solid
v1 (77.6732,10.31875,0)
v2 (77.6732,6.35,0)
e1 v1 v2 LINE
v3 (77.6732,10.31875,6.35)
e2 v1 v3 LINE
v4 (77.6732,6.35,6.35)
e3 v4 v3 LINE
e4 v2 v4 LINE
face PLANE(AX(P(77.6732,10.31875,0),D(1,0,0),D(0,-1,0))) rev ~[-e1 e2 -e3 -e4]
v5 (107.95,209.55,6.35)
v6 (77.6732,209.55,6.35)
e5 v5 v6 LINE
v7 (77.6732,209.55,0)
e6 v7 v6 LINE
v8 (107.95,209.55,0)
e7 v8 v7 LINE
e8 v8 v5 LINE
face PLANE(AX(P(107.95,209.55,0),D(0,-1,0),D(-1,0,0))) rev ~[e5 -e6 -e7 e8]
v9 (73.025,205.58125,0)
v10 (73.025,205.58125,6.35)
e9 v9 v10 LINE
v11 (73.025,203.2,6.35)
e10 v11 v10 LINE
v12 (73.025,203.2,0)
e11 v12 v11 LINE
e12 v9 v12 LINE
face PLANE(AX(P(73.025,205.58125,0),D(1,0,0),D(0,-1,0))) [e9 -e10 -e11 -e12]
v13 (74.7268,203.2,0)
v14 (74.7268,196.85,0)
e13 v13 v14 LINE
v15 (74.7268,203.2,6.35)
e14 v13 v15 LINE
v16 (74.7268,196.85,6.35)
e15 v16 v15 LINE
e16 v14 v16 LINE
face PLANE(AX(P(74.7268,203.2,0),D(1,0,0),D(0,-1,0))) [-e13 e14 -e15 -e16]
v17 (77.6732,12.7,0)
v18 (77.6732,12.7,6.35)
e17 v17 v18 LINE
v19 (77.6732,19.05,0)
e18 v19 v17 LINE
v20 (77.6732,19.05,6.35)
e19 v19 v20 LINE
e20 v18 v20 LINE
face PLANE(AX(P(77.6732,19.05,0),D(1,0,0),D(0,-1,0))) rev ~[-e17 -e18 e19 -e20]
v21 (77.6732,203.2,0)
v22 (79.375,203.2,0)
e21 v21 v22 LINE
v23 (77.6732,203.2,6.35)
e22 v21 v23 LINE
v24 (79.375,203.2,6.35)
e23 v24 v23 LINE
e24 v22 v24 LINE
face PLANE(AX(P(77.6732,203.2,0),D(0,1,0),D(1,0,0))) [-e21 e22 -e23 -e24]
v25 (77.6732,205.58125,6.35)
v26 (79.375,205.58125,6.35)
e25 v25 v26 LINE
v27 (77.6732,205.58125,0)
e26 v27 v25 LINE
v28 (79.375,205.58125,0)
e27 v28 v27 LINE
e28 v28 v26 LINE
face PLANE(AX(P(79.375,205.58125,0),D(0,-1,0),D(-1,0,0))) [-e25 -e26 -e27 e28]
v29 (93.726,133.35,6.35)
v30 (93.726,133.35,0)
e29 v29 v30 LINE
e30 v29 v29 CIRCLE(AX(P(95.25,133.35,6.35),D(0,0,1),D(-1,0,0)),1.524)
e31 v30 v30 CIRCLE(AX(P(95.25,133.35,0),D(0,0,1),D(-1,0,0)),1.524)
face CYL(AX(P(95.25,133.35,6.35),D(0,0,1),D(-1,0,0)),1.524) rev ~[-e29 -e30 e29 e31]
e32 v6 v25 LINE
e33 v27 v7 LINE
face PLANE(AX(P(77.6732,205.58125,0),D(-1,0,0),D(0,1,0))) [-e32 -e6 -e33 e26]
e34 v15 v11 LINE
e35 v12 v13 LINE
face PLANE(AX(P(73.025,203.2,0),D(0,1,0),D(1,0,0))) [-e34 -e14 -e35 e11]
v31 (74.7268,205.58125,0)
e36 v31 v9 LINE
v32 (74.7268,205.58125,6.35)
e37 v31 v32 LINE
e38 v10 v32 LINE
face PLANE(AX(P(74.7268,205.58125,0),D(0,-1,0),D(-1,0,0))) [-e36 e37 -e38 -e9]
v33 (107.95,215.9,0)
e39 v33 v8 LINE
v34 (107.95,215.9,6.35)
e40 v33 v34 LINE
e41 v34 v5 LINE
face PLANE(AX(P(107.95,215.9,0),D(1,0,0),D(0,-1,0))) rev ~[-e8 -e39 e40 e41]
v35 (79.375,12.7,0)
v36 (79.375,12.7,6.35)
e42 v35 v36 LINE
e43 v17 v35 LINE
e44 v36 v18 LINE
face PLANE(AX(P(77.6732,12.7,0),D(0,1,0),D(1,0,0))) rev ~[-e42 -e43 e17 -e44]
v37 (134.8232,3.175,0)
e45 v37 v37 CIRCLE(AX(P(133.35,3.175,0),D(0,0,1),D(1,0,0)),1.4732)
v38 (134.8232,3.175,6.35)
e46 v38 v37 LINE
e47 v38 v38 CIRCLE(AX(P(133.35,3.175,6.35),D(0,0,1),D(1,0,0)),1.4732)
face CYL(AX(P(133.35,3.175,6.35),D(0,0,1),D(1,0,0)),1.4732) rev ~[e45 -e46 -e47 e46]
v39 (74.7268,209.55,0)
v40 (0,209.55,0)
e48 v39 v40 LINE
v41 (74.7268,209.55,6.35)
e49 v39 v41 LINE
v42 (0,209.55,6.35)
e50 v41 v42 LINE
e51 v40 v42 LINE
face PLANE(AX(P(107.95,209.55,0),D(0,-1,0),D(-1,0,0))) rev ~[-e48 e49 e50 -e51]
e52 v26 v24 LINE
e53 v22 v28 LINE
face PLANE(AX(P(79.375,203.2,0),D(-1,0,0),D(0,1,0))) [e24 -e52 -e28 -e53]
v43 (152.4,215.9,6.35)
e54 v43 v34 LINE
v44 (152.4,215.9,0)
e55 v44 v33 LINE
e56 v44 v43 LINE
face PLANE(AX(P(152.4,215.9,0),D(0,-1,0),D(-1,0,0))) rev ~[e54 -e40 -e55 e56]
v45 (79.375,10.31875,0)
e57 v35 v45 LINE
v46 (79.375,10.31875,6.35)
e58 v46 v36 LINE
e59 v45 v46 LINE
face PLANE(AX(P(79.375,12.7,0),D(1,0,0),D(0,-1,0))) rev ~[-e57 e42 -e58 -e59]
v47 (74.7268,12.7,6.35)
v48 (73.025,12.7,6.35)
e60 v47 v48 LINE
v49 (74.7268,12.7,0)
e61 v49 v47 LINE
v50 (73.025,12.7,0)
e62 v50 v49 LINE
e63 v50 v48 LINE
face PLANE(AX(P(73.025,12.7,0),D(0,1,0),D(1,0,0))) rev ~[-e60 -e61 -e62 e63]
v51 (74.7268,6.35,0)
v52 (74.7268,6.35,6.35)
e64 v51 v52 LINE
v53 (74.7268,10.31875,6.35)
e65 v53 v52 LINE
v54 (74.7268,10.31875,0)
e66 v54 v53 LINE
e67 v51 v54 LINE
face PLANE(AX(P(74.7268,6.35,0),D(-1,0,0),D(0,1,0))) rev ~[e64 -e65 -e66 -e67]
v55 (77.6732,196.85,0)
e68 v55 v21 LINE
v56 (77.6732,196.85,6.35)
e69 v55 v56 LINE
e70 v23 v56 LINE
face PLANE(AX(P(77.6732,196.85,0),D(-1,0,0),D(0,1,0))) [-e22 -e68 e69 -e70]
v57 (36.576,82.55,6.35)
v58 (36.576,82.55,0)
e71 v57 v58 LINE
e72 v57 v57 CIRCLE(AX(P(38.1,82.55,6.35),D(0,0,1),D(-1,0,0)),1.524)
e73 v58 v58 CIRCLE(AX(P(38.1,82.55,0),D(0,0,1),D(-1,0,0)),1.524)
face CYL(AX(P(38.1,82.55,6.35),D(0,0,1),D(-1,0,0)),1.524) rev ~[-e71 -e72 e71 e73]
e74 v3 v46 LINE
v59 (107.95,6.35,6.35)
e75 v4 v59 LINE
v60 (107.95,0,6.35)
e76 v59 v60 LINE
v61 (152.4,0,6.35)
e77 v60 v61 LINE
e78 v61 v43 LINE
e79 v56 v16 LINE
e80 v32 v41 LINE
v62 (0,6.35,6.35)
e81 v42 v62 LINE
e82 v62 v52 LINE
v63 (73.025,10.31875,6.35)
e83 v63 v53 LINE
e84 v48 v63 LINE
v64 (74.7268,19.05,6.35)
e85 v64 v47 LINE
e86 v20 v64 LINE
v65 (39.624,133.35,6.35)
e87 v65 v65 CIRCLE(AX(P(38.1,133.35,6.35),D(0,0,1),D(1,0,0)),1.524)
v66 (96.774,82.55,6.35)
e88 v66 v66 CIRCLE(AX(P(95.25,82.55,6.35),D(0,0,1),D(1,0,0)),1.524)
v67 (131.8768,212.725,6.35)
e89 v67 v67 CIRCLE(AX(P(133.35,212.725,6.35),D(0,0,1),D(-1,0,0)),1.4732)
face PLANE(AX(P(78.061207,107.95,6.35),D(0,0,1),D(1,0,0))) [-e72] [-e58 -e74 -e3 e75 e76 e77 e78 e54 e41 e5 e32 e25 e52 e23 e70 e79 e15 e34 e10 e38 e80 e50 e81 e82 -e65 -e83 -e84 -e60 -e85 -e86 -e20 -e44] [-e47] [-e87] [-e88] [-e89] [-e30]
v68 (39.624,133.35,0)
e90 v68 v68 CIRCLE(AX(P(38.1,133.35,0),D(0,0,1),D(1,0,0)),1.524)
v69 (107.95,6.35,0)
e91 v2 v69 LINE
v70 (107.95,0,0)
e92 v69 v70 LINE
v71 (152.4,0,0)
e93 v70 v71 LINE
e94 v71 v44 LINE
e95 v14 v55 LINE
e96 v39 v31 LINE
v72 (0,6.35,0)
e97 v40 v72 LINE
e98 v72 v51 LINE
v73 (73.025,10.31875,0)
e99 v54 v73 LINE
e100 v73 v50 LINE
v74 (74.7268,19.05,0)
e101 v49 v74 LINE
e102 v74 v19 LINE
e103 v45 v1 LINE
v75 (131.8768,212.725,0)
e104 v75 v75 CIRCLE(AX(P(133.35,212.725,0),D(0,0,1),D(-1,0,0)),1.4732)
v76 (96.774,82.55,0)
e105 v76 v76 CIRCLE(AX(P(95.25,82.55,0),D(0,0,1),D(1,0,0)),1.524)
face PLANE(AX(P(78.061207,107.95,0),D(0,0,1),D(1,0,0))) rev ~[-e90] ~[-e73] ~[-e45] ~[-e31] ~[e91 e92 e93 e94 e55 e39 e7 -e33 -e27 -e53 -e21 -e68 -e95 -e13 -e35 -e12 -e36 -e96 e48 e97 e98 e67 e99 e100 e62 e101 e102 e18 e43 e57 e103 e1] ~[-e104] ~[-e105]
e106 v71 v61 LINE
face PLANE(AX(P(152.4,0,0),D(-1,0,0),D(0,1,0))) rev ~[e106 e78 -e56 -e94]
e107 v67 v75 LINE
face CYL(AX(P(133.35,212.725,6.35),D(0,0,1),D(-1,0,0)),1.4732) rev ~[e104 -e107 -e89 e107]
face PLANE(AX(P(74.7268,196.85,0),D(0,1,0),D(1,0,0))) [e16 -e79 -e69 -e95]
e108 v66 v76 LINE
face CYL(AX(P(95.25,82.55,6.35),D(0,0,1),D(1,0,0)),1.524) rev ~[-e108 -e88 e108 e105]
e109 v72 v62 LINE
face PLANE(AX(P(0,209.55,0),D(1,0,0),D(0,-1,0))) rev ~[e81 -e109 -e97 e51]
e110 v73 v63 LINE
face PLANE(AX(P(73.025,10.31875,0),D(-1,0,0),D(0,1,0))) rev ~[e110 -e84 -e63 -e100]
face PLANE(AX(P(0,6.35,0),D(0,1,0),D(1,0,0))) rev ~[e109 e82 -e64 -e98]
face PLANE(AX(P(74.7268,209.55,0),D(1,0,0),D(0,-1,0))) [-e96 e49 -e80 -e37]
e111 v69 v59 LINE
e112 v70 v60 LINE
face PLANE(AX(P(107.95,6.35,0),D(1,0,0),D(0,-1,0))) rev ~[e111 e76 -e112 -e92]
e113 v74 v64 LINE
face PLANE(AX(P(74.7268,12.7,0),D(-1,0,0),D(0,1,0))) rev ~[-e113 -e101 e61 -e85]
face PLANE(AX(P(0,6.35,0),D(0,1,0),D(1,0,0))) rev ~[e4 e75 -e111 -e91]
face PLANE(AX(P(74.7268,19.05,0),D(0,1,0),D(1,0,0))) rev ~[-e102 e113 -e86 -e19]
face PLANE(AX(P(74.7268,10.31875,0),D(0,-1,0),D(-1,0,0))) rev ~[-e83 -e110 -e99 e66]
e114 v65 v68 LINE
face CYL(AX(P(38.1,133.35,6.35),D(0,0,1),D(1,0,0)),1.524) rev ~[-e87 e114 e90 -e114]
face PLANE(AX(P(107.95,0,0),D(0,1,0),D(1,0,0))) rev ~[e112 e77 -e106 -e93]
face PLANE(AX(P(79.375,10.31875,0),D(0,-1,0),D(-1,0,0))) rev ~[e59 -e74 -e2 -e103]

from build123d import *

# Parameters (mm, degrees)
BOSS_EXTRUDE1_DEPTH = 6.35
SKETCH2_R           = 1.4732
CUT_EXTRUDE1_DEPTH  = 265.346160366
SKETCH4_R           = 1.524
CUT_EXTRUDE2_DEPTH  = 265.346160366
SKETCH5_R           = 1.524
CUT_EXTRUDE3_DEPTH  = 265.346160366
CUT_EXTRUDE10_DEPTH = 265.346160366


with BuildPart() as part:
    # Sketch1 → Boss-Extrude1 (new body)
    with BuildSketch(Plane.XY):
        Polygon((107.95, 215.9), (107.95, 209.55), (0, 209.55), (0, 6.35), (107.95, 6.35), (107.95, 0), (152.4, 0), (152.4, 215.9), align=None)
    extrude(amount=BOSS_EXTRUDE1_DEPTH)

    # Sketch2 → Cut-Extrude1 (cut, through all)
    with BuildSketch(Plane.XY.offset(6.35)):
        with Locations(Location((133.35, 212.725, 0), (0, 0, 180))):
            Circle(SKETCH2_R)
        with Locations((133.35, 3.175)):
            Circle(SKETCH2_R)
    extrude(amount=-CUT_EXTRUDE1_DEPTH, mode=Mode.SUBTRACT)

    # Sketch4 → Cut-Extrude2 (cut, through all)
    with BuildSketch(Plane.XY.offset(6.35)):
        with Locations(Location((95.25, 133.35, 0), (0, 0, 180))):
            Circle(SKETCH4_R)
        with Locations((95.25, 82.55)):
            Circle(SKETCH4_R)
    extrude(amount=-CUT_EXTRUDE2_DEPTH, mode=Mode.SUBTRACT)

    # Sketch5 → Cut-Extrude3 (cut, through all)
    with BuildSketch(Plane.XY.offset(6.35)):
        with Locations((38.1, 133.35)):
            Circle(SKETCH5_R)
        with Locations(Location((38.1, 82.55, 0), (0, 0, 180))):
            Circle(SKETCH5_R)
    extrude(amount=-CUT_EXTRUDE3_DEPTH, mode=Mode.SUBTRACT)

    # Sketch10 → Cut-Extrude10 (cut, through all)
    with BuildSketch(Plane(origin=(0, 0, 0), x_dir=(-1, 0, 0), z_dir=(0, 0, -1))):
        Polygon((-77.6732, 6.35), (-74.7268, 6.35), (-74.7268, 10.31875), (-73.025, 10.31875), (-73.025, 12.7), (-74.7268, 12.7), (-74.7268, 19.05), (-77.6732, 19.05), (-77.6732, 12.7), (-79.375, 12.7), (-79.375, 10.31875), (-77.6732, 10.31875), align=None)
        Polygon((-73.025, 205.58125), (-73.025, 203.2), (-74.7268, 203.2), (-74.7268, 196.85), (-77.6732, 196.85), (-77.6732, 203.2), (-79.375, 203.2), (-79.375, 205.58125), (-77.6732, 205.58125), (-77.6732, 209.55), (-74.7268, 209.55), (-74.7268, 205.58125), align=None)
    extrude(amount=-CUT_EXTRUDE10_DEPTH, mode=Mode.SUBTRACT)


solid = part.part
